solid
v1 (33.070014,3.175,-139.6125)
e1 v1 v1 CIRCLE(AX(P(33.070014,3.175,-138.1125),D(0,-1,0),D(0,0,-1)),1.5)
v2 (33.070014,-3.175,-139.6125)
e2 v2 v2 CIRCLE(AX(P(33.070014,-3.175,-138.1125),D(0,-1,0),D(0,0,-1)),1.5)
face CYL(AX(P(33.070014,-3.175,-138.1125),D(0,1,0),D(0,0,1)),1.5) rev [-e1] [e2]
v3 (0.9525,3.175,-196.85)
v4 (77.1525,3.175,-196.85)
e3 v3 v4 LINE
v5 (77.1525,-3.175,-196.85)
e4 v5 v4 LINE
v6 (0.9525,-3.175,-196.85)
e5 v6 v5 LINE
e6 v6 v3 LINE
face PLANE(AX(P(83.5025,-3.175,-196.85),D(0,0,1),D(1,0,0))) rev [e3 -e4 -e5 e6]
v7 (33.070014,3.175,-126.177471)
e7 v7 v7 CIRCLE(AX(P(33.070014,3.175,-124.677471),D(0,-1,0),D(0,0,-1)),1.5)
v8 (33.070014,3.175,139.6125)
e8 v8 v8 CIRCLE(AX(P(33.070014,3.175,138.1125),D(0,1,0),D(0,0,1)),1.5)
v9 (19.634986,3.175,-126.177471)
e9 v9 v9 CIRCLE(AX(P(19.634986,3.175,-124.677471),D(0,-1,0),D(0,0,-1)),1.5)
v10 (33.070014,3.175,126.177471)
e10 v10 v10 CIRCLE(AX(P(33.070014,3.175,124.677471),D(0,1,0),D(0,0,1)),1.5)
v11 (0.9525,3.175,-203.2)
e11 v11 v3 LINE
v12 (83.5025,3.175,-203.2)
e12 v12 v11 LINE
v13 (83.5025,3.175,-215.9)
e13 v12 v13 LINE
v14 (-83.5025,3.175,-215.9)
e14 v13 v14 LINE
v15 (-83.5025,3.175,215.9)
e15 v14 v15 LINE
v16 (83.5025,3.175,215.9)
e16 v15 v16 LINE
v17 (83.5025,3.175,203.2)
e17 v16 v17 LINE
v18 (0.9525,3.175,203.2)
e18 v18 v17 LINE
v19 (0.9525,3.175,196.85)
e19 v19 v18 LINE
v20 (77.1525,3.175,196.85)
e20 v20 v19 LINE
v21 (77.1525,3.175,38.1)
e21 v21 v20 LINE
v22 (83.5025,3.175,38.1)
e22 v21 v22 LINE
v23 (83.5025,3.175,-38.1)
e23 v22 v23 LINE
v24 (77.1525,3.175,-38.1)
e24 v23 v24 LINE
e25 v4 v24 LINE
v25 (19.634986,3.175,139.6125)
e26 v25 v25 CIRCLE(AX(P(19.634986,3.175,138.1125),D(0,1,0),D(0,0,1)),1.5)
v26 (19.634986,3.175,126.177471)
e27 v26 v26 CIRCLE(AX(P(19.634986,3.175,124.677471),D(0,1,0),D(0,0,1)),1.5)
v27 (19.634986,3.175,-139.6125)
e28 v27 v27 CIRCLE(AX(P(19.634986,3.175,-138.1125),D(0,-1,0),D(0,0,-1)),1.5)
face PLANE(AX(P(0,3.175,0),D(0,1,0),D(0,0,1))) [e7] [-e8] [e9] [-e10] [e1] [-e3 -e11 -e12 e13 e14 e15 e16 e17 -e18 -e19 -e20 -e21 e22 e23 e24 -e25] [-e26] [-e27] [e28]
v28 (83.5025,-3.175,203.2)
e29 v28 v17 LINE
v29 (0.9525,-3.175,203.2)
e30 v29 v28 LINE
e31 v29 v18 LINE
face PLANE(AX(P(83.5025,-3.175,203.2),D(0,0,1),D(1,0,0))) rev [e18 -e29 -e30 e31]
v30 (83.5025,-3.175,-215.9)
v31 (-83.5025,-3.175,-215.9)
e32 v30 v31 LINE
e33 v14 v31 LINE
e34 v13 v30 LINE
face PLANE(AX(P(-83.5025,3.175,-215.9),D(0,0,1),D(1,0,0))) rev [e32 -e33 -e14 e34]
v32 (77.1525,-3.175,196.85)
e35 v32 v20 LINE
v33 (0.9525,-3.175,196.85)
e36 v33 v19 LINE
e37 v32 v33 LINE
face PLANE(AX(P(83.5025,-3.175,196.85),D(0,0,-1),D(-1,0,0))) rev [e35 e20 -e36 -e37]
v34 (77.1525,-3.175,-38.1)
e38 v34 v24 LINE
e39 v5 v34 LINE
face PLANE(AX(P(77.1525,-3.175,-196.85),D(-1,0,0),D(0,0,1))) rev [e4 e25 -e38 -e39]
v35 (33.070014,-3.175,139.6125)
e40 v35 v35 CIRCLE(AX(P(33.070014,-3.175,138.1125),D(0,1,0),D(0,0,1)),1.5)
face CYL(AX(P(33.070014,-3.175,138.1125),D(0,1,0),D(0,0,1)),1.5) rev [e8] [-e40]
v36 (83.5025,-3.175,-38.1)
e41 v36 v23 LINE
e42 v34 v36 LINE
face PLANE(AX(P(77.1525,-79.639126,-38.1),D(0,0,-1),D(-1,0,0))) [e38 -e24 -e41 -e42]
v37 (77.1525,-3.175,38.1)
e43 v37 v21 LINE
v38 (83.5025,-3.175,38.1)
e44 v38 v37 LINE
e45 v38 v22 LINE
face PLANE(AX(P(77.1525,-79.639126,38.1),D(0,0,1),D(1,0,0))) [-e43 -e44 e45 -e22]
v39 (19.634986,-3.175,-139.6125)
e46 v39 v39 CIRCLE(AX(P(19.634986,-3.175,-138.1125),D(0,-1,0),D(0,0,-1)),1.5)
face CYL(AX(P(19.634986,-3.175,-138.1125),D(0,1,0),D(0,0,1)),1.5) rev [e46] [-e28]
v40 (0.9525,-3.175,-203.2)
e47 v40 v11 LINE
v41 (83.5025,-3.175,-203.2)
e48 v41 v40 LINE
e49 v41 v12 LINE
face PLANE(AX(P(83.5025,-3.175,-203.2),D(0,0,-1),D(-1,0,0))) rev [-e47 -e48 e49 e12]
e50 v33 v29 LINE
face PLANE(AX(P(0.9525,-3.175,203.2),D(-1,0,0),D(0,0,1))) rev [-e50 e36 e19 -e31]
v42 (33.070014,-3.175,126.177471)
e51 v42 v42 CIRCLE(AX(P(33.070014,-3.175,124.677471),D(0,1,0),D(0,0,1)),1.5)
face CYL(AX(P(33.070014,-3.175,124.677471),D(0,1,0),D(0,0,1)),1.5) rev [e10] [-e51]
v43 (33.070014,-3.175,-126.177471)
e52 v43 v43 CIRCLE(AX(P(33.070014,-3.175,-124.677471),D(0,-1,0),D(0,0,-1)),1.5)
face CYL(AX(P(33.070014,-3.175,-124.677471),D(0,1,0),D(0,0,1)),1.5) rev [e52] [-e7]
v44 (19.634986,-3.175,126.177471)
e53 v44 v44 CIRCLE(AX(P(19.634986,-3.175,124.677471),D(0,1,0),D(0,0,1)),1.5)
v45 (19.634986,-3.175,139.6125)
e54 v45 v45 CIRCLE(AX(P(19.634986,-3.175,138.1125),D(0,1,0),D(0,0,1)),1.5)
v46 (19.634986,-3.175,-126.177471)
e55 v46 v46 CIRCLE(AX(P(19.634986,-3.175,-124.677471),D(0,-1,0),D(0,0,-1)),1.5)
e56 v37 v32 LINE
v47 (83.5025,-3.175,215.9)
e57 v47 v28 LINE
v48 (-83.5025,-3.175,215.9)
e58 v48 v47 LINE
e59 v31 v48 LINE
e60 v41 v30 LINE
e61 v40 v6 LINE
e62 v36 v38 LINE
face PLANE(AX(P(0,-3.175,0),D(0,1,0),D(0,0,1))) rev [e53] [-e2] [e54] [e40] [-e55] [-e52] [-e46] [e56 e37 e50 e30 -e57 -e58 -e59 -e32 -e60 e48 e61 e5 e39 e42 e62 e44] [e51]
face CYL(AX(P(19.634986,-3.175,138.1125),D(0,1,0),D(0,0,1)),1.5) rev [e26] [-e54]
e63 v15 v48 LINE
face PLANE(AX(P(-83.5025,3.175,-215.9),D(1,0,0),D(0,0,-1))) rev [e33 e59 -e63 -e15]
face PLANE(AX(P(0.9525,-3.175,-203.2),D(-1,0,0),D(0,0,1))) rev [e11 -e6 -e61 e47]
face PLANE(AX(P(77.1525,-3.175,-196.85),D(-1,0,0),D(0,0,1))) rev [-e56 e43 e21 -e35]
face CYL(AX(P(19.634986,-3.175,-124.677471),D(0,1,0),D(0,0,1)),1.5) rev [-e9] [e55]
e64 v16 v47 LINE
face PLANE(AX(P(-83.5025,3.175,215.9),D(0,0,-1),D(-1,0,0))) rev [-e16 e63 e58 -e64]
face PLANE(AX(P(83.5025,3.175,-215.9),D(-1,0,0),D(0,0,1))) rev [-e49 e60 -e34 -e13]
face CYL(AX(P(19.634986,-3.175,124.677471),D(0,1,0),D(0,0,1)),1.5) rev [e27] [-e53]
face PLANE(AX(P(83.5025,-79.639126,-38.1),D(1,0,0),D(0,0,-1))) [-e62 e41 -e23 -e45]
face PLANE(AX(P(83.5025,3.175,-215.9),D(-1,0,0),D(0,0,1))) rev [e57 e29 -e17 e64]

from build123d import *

# Parameters (mm, degrees)
SKETCH2_W           = 167.005
SKETCH2_H           = 431.8
BOSS_EXTRUDE2_DEPTH = 3.175
SKETCH3_W           = 6.35
SKETCH3_H           = 393.7
CUT_EXTRUDE1_DEPTH  = 232.572450879
SKETCH6_R           = 1.5
CUT_EXTRUDE3_DEPTH  = 232.572450879
SKETCH7_W           = 82.55
SKETCH7_H           = 6.35
CUT_EXTRUDE4_DEPTH  = 232.572450879
SKETCH8_W           = 6.35
SKETCH8_H           = 76.2
BOSS_EXTRUDE3_DEPTH = 6.35


with BuildPart() as part:
    # Sketch2 → Boss-Extrude2 (new, symmetric)
    with BuildSketch(Plane(origin=(0, 0, 0), x_dir=(1, 0, 0), z_dir=(0, 1, 0))):
        Rectangle(SKETCH2_W, SKETCH2_H)
    extrude(amount=BOSS_EXTRUDE2_DEPTH, both=True)

    # Sketch3 → Cut-Extrude1 (cut, through all)
    with BuildSketch(Plane(origin=(0, 3.175, 0), x_dir=(1, 0, 0), z_dir=(0, 1, 0))):
        with Locations((80.3275, 0)):
            Rectangle(SKETCH3_W, SKETCH3_H)
    extrude(amount=-CUT_EXTRUDE1_DEPTH, mode=Mode.SUBTRACT)

    # Sketch6 → Cut-Extrude3 (cut, through all)
    with BuildSketch(Plane(origin=(0, 3.175, 0), x_dir=(1, 0, 0), z_dir=(0, 1, 0))):
        with Locations(Location((19.634985579, -124.677471157, 0), (0, 0, 270))):
            Circle(SKETCH6_R)
        with Locations(Location((19.634985579, -138.1125, 0), (0, 0, 270))):
            Circle(SKETCH6_R)
        with Locations(Location((33.070014421, -124.677471157, 0), (0, 0, 270))):
            Circle(SKETCH6_R)
        with Locations(Location((33.070014421, -138.1125, 0), (0, 0, 270))):
            Circle(SKETCH6_R)
    cut_extrude3 = extrude(amount=-CUT_EXTRUDE3_DEPTH, mode=Mode.SUBTRACT)

    # Mirror1: Cut-Extrude3 across plane
    add(cut_extrude3.mirror(Plane.XY), mode=Mode.SUBTRACT)

    # Sketch7 → Cut-Extrude4 (cut, through all)
    with BuildSketch(Plane(origin=(0, 3.175, 0), x_dir=(1, 0, 0), z_dir=(0, 1, 0))):
        with Locations((42.2275, 200.025)):
            Rectangle(SKETCH7_W, SKETCH7_H)
        with Locations((42.2275, -200.025)):
            Rectangle(SKETCH7_W, SKETCH7_H)
    extrude(amount=-CUT_EXTRUDE4_DEPTH, mode=Mode.SUBTRACT)

    # Sketch8 → Boss-Extrude3 (add)
    with BuildSketch(Plane(origin=(0, 3.175, 0), x_dir=(1, 0, 0), z_dir=(0, 1, 0))):
        with Locations((80.3275, 0)):
            Rectangle(SKETCH8_W, SKETCH8_H)
    extrude(amount=-BOSS_EXTRUDE3_DEPTH)


solid = part.part
